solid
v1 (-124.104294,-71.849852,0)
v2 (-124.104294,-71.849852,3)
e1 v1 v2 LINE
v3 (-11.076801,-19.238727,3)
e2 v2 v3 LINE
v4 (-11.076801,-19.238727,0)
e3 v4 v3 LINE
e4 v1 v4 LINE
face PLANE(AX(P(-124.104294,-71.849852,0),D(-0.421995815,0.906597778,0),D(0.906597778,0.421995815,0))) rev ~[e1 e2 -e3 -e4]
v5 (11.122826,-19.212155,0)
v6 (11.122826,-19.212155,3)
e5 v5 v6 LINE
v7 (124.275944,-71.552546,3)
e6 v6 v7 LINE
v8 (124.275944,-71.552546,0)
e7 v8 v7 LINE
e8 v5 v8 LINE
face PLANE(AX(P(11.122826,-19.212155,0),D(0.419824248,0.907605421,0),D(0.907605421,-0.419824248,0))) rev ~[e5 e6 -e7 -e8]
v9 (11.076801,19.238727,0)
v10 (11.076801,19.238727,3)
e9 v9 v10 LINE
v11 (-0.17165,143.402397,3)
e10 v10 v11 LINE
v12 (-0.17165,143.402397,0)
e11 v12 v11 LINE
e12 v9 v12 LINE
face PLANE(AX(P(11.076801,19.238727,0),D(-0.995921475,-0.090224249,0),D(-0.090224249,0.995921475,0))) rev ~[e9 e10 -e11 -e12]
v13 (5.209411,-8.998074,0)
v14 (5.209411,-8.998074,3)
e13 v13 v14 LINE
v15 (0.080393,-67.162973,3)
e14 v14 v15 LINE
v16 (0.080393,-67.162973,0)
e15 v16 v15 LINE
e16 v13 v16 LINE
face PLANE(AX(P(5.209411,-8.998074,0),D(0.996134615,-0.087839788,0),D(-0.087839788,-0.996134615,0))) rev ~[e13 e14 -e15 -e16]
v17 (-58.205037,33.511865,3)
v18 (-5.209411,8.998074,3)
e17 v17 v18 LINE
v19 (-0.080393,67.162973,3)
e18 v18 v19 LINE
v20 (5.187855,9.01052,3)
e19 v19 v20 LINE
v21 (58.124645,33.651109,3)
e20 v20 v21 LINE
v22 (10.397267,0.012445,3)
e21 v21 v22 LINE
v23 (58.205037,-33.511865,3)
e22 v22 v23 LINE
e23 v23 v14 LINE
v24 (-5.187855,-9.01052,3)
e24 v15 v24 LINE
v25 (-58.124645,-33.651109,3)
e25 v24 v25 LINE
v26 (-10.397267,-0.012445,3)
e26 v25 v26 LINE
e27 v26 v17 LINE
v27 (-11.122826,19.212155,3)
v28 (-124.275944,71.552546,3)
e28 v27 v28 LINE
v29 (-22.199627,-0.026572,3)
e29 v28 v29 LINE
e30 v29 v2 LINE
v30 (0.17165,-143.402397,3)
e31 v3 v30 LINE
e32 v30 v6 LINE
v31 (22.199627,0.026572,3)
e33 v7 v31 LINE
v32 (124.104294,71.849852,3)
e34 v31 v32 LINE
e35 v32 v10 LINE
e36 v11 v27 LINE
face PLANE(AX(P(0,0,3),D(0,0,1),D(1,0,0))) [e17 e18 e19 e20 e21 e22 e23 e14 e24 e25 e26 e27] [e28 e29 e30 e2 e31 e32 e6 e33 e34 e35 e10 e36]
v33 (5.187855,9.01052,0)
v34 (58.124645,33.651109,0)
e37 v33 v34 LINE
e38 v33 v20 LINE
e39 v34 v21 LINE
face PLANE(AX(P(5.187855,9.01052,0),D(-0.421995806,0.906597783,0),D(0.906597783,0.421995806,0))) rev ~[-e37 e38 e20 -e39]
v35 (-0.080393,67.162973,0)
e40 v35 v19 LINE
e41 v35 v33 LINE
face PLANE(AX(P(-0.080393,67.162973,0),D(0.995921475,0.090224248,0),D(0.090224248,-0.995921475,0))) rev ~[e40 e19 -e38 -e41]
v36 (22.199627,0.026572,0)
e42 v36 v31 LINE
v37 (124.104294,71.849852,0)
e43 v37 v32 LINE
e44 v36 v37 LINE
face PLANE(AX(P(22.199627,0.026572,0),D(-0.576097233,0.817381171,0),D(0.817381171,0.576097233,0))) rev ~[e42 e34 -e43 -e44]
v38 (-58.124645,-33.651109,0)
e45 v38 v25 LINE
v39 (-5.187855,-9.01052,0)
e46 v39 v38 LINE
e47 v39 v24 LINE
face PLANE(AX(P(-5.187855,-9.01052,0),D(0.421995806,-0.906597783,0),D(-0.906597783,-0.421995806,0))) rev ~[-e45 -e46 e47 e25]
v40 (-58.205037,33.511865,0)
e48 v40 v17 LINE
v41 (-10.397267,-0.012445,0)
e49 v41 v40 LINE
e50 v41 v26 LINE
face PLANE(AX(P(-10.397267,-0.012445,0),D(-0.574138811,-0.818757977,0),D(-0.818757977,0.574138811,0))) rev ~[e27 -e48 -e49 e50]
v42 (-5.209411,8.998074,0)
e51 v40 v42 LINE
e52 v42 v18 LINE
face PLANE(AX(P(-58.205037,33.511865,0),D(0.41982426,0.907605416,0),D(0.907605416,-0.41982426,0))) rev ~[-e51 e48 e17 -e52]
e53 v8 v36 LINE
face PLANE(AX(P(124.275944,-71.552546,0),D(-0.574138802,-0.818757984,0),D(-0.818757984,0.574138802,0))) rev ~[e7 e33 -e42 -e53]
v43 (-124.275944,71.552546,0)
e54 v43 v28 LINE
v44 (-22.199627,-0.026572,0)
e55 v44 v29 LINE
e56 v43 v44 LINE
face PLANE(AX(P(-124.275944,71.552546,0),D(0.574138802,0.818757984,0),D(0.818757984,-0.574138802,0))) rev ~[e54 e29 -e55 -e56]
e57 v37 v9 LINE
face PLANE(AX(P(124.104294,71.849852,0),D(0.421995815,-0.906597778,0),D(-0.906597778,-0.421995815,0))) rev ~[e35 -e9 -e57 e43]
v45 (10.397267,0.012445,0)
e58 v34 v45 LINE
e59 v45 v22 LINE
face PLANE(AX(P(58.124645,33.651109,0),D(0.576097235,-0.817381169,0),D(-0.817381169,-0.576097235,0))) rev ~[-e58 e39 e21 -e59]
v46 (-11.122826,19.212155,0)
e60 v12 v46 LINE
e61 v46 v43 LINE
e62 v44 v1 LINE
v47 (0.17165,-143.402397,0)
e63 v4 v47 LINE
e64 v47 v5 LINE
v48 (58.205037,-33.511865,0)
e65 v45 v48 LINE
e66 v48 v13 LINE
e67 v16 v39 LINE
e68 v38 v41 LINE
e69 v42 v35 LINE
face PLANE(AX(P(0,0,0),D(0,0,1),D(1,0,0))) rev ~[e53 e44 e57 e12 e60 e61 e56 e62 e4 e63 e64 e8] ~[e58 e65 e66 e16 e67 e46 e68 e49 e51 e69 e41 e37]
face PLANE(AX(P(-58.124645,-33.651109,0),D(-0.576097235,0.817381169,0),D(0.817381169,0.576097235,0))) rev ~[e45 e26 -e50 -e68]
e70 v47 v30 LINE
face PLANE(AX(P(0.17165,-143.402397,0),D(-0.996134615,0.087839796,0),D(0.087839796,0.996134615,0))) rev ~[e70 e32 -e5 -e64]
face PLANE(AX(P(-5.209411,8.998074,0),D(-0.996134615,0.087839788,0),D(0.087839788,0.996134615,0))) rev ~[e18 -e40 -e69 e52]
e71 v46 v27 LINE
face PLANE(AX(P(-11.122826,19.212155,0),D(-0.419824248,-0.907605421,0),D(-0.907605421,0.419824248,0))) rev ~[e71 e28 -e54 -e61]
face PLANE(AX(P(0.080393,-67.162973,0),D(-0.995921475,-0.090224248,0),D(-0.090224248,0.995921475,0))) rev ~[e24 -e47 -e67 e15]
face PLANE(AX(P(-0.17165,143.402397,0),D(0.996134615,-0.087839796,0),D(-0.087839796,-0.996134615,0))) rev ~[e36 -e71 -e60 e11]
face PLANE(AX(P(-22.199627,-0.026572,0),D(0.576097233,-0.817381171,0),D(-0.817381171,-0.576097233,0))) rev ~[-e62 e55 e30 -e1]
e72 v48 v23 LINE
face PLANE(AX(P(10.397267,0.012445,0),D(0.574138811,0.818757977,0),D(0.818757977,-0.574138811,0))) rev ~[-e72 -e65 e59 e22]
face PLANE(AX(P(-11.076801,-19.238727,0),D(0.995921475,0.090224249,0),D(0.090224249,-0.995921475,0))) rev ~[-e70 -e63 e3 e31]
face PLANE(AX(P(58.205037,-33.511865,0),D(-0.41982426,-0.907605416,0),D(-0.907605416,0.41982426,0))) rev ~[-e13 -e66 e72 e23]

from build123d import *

# Parameters (mm, degrees)
F1_DEPTH = 3


with BuildPart() as f1:
    # F0 (on Top) → F1 (new body)
    with BuildSketch(Plane.XY):
        Polygon((0.17165, -143.402397), (11.122826, -19.212155), (124.275944, -71.552546), (22.199627, 0.026572), (124.104294, 71.849852), (11.076801, 19.238727), (-0.17165, 143.402397), (-11.122826, 19.212155), (-124.275944, 71.552546), (-22.199627, -0.026572), (-124.104294, -71.849852), (-11.076801, -19.238727), align=None)
        Polygon((-10.397267, -0.012445), (-58.205037, 33.511865), (-5.209411, 8.998074), (-0.080393, 67.162973), (5.187855, 9.01052), (58.124645, 33.651109), (10.397267, 0.012445), (58.205037, -33.511865), (5.209411, -8.998074), (0.080393, -67.162973), (-5.187855, -9.01052), (-58.124645, -33.651109), align=None, mode=Mode.SUBTRACT)
    extrude(amount=F1_DEPTH)


solid = f1.part
